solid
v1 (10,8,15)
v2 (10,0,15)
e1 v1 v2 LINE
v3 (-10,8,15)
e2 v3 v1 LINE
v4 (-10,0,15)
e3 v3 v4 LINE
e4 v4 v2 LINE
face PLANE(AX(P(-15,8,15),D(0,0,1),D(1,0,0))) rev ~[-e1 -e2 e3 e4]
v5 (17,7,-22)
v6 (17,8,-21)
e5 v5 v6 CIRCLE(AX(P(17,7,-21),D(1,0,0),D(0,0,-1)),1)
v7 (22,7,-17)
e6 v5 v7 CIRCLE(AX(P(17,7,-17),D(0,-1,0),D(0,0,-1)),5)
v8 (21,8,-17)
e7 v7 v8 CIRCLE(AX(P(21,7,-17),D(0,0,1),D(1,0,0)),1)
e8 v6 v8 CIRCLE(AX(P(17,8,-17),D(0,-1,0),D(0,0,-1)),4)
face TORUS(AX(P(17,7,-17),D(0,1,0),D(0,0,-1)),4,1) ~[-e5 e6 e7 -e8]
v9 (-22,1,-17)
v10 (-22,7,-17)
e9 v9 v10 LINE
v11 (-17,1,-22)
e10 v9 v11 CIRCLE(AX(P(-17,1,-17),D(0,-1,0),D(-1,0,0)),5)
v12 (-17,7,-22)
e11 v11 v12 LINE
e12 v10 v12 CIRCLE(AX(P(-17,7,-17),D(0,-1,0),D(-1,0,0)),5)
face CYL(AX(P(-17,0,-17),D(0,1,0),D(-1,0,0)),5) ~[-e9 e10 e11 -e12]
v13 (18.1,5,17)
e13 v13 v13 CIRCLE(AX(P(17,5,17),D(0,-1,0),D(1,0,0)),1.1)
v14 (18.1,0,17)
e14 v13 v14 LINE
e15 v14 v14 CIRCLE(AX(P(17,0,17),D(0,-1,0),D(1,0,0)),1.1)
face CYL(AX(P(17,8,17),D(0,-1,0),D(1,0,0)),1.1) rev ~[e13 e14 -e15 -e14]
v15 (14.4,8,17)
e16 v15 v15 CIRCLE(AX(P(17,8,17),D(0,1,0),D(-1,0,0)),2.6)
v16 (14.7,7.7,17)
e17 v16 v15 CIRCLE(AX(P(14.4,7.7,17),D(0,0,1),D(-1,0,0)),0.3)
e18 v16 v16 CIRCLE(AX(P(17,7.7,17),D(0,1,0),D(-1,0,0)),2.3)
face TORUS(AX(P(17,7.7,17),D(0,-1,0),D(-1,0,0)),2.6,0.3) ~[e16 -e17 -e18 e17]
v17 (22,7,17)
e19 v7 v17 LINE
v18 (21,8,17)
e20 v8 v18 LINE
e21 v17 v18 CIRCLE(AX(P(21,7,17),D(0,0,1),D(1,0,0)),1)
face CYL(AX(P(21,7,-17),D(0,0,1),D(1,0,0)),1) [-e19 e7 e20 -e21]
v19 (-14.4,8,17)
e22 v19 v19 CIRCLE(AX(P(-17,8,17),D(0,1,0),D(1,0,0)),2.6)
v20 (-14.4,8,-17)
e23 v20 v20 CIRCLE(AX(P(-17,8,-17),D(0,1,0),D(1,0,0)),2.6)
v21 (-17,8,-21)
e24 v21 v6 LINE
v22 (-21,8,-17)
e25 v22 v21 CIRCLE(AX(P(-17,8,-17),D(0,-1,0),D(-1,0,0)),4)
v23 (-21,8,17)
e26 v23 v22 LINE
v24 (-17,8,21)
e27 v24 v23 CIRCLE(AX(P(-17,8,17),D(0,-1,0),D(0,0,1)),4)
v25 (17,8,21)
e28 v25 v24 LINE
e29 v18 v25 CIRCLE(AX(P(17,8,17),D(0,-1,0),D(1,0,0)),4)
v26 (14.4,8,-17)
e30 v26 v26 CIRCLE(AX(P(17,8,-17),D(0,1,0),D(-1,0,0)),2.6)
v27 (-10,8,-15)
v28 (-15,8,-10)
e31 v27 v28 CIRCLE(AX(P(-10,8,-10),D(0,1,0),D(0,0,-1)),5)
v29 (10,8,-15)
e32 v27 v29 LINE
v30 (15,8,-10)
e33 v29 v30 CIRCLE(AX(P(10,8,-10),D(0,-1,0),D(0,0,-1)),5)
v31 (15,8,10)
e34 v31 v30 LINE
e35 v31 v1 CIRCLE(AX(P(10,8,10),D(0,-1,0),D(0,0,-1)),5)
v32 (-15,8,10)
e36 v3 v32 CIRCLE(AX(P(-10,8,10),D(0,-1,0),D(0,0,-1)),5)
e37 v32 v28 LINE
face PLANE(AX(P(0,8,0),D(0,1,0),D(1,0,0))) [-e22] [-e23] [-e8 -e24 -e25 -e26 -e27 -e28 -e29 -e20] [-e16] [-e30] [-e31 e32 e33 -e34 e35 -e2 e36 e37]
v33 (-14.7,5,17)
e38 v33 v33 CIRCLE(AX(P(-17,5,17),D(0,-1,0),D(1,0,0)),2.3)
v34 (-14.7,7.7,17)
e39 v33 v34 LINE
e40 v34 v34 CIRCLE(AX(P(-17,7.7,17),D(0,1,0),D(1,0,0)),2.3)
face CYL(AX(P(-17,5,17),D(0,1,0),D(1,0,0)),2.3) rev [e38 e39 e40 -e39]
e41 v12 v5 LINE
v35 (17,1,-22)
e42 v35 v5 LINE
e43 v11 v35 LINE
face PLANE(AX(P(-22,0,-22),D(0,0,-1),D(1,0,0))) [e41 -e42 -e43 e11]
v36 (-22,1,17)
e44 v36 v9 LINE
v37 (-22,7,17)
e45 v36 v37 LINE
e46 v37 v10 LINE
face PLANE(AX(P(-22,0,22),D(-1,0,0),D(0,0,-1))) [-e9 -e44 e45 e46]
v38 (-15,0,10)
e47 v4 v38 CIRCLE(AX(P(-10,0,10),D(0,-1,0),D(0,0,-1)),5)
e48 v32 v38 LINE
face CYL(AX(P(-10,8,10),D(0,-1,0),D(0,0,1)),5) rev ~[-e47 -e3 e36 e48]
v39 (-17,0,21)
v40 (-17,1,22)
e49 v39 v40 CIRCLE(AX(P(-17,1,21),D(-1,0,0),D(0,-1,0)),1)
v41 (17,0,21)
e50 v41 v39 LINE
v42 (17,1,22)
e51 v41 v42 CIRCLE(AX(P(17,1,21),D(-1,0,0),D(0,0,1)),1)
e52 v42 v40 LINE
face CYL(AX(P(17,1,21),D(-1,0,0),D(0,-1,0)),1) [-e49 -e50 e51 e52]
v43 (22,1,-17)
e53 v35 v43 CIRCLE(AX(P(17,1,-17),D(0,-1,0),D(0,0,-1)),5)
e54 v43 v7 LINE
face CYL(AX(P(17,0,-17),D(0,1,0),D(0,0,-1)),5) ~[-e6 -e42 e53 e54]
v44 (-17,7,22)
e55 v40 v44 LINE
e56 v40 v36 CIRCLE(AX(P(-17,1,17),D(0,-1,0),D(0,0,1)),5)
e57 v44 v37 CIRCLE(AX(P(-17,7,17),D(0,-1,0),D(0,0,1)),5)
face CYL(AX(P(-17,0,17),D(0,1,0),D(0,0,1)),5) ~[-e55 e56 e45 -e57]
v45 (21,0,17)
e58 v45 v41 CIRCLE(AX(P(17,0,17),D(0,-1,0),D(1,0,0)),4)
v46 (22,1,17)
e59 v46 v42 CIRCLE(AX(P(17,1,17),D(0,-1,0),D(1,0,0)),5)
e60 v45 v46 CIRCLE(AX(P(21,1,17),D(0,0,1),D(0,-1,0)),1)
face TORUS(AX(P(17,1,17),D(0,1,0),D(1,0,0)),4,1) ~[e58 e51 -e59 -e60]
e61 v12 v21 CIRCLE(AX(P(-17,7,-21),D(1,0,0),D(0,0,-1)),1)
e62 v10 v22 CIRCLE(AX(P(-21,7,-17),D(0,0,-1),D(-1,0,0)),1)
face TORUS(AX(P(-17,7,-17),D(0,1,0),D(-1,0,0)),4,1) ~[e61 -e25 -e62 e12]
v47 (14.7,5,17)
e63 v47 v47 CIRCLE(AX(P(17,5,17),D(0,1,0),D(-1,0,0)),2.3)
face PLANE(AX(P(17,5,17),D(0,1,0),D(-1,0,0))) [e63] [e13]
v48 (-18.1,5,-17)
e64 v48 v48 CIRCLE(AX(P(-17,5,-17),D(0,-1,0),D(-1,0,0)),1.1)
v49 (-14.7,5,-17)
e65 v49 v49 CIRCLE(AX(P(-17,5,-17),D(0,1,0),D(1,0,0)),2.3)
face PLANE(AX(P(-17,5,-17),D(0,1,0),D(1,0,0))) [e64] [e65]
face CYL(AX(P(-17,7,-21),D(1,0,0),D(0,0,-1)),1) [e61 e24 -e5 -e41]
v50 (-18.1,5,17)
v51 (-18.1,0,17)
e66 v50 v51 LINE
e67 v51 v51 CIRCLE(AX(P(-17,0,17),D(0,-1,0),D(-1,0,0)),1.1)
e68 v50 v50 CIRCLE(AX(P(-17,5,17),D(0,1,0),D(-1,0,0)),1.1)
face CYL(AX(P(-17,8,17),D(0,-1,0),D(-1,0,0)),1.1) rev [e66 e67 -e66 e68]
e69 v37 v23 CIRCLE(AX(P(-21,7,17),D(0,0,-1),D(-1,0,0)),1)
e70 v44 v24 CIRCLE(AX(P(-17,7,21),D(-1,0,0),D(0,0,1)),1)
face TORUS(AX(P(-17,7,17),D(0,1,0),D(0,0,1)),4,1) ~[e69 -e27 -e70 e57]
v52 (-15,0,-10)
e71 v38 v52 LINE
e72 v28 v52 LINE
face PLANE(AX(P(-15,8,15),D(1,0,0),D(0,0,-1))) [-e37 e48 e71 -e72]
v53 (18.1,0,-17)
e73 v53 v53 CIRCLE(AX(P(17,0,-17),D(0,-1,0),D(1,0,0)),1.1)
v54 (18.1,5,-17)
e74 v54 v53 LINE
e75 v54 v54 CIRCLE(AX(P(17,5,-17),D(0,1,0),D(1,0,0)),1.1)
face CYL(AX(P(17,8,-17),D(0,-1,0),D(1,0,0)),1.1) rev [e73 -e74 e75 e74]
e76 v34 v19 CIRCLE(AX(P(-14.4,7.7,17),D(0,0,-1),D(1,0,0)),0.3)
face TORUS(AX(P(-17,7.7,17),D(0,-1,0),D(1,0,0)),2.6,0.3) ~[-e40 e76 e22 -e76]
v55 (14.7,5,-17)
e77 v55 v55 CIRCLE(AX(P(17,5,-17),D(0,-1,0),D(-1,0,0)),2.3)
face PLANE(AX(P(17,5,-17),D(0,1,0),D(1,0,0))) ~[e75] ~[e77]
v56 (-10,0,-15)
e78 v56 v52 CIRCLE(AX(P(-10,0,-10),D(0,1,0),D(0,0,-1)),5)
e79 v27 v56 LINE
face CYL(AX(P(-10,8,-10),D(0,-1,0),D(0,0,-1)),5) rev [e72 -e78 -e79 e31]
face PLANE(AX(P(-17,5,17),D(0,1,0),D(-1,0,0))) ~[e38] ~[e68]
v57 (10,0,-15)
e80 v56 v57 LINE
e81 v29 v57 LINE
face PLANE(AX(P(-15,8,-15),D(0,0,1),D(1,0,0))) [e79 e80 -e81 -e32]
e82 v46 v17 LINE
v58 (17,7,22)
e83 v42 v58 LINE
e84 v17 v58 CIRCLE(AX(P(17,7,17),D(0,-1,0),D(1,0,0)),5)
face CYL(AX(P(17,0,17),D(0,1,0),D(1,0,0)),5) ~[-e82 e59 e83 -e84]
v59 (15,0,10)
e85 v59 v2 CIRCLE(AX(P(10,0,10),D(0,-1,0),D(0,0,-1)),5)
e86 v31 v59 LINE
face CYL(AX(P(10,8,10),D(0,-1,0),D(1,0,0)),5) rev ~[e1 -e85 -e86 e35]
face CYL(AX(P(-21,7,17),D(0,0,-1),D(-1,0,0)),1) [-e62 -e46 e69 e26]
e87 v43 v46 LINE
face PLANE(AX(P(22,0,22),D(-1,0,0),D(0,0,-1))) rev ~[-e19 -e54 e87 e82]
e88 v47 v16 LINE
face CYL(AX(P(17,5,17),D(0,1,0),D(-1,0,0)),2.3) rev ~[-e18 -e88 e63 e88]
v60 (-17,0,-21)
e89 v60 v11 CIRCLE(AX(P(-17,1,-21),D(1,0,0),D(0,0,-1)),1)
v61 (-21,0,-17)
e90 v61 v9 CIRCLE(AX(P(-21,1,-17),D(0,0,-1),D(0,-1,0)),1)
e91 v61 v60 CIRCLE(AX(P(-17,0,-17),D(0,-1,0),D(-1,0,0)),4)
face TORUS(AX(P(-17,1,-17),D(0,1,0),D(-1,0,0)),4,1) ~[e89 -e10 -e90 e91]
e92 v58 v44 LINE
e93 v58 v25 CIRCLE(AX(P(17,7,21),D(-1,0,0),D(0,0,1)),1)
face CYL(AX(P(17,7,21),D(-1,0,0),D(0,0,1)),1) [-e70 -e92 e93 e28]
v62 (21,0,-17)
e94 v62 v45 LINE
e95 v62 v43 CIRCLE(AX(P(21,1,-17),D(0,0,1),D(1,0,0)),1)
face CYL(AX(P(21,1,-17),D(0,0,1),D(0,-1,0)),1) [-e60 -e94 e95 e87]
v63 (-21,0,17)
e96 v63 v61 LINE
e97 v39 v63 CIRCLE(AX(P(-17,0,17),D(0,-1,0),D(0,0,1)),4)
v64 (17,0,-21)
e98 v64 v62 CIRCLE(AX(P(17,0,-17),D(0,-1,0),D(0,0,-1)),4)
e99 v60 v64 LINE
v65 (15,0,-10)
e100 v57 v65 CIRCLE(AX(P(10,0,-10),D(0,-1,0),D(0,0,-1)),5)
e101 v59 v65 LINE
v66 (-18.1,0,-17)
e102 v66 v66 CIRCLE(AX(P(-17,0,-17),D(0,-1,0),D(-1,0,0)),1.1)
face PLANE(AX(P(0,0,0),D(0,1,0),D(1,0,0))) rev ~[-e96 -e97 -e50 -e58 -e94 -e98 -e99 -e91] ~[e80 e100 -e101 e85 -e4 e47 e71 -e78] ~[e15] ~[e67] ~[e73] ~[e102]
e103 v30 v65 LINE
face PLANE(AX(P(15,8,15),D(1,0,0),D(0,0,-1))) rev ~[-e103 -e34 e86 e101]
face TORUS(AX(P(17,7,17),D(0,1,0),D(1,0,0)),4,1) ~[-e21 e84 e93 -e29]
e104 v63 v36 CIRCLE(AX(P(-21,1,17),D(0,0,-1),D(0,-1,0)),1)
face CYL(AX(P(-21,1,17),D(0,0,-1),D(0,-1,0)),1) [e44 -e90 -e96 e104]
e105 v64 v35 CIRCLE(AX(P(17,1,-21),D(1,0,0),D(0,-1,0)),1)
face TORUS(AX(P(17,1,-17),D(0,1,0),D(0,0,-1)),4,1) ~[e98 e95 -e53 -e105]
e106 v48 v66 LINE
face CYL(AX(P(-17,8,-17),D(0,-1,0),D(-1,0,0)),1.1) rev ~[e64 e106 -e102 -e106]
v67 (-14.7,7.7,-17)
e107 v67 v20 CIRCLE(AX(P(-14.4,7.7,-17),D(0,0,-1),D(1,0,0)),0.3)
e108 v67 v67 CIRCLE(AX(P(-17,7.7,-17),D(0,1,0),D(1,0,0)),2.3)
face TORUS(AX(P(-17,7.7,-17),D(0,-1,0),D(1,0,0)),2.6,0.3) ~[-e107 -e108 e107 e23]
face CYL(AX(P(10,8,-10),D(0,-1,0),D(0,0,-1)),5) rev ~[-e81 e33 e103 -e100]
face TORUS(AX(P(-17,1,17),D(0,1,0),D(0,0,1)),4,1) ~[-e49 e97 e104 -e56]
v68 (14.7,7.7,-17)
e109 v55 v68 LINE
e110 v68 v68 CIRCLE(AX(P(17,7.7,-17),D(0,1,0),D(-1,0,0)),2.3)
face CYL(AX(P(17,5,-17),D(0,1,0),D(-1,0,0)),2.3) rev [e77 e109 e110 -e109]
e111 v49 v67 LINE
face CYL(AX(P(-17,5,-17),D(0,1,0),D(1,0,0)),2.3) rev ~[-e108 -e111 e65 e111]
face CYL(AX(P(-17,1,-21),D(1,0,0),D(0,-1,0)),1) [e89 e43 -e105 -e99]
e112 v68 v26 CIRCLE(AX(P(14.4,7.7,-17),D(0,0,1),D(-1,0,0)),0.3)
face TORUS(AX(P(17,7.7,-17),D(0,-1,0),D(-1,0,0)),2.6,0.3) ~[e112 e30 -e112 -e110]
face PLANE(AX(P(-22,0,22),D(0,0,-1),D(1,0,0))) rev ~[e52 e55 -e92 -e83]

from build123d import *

# Parameters (mm, degrees)
SKETCH_1_W                                       = 44
SKETCH_1_H                                       = 44
EXTRUDE_1_DEPTH                                  = 8
CBORE_FOR_M2_HEX_HEAD_MACHINE_SCREW1_D           = 2.2
CBORE_FOR_M2_HEX_HEAD_MACHINE_SCREW1_CBORE_D     = 4.6
CBORE_FOR_M2_HEX_HEAD_MACHINE_SCREW1_CBORE_DEPTH = 3
MIRROR_1_AT_THE_SECOND_PLANE_COPY_1_D            = 2.2
MIRROR_1_AT_THE_SECOND_PLANE_COPY_1_CBORE_D      = 4.6
MIRROR_1_AT_THE_SECOND_PLANE_COPY_1_CBORE_DEPTH  = 3
FILLET_2_R                                       = 5
FILLET_3_R                                       = 5
FILLET_4_R                                       = 5
FILLET_5_R                                       = 5
FILLET_6_R                                       = 1
FILLET_7_R                                       = 0.3
SKETCH_7_W                                       = 30
SKETCH_7_H                                       = 30
CUT_EXTRUDE_2_DEPTH                              = 33.124756808
FILLET_8_R                                       = 5
FILLET_9_R                                       = 5
FILLET_10_R                                      = 5
FILLET_11_R                                      = 5


with BuildPart() as part:
    # 草图1 → 凸台-拉伸1 (new body)
    with BuildSketch(Plane(origin=(0, 0, 0), x_dir=(1, 0, 0), z_dir=(0, 1, 0))):
        Rectangle(SKETCH_1_W, SKETCH_1_H)
    extrude(amount=EXTRUDE_1_DEPTH)

    # CBORE for M2 Hex Head Machine Screw1 (through all)
    with Locations(Plane(origin=(0, 8, 0), x_dir=(1, 0, 0), z_dir=(0, 1, 0))):
        with Locations((-17, 17)):
            cbore_for_m2_hex_head_machine_screw1 = CounterBoreHole(CBORE_FOR_M2_HEX_HEAD_MACHINE_SCREW1_D / 2, CBORE_FOR_M2_HEX_HEAD_MACHINE_SCREW1_CBORE_D / 2, CBORE_FOR_M2_HEX_HEAD_MACHINE_SCREW1_CBORE_DEPTH)

    # 镜向1: CBORE for M2 Hex Head Machine Screw1 across plane
    add(cbore_for_m2_hex_head_machine_screw1.mirror(Plane.XY), mode=Mode.SUBTRACT)

    # 镜向1 at the second plane: CBORE for M2 Hex Head Machine Screw1 across plane
    add(cbore_for_m2_hex_head_machine_screw1.mirror(Plane(origin=(0, 0, 0), x_dir=(0, 0, 1), z_dir=(1, 0, 0))), mode=Mode.SUBTRACT)

    # 镜向1 at the second plane copy 1 (through all)
    with Locations(Plane(origin=(0, 8, 0), x_dir=(-1, 0, 0), z_dir=(0, 1, 0))):
        with Locations((-17, 17)):
            CounterBoreHole(MIRROR_1_AT_THE_SECOND_PLANE_COPY_1_D / 2, MIRROR_1_AT_THE_SECOND_PLANE_COPY_1_CBORE_D / 2, MIRROR_1_AT_THE_SECOND_PLANE_COPY_1_CBORE_DEPTH)

    # 圆角2
    fillet_2_edges = [part.edges().sort_by_distance(p)[0] for p in [
        (-22, 4, -22),
    ]]
    fillet(fillet_2_edges, radius=FILLET_2_R)

    # 圆角3
    fillet_3_edges = [part.edges().sort_by_distance(p)[0] for p in [
        (22, 4, -22),
    ]]
    fillet(fillet_3_edges, radius=FILLET_3_R)

    # 圆角4
    fillet_4_edges = [part.edges().sort_by_distance(p)[0] for p in [
        (22, 4, 22),
    ]]
    fillet(fillet_4_edges, radius=FILLET_4_R)

    # 圆角5
    fillet_5_edges = [part.edges().sort_by_distance(p)[0] for p in [
        (-22, 4, 22),
    ]]
    fillet(fillet_5_edges, radius=FILLET_5_R)

    # 圆角6
    fillet_6_edges = [part.edges().sort_by_distance(p)[0] for p in [
        (-22, 0, 0),
        (-22, 8, 0),
        (-20.535533906, 8, -20.535533906),
        (-20.535533906, 0, -20.535533906),
        (0, 0, -22),
        (0, 8, -22),
        (20.535533906, 0, -20.535533906),
        (20.535533906, 8, -20.535533906),
        (22, 0, 0),
        (22, 8, 0),
        (20.535533906, 8, 20.535533906),
        (20.535533906, 0, 20.535533906),
        (0, 0, 22),
        (0, 8, 22),
        (-20.535533906, 8, 20.535533906),
        (-20.535533906, 0, 20.535533906),
    ]]
    fillet(fillet_6_edges, radius=FILLET_6_R)

    # 圆角7
    fillet_7_edges = [part.edges().sort_by_distance(p)[0] for p in [
        (-19.3, 8, -17),
        (19.3, 8, -17),
        (-19.3, 8, 17),
        (19.3, 8, 17),
    ]]
    fillet(fillet_7_edges, radius=FILLET_7_R)

    # 草图7 → 切除-拉伸2 (cut, through all)
    with BuildSketch(Plane(origin=(0, 8, 0), x_dir=(1, 0, 0), z_dir=(0, 1, 0))):
        Rectangle(SKETCH_7_W, SKETCH_7_H)
    extrude(amount=-CUT_EXTRUDE_2_DEPTH, mode=Mode.SUBTRACT)

    # 圆角8
    fillet_8_edges = [part.edges().sort_by_distance(p)[0] for p in [
        (-15, 4, -15),
    ]]
    fillet(fillet_8_edges, radius=FILLET_8_R)

    # 圆角9
    fillet_9_edges = [part.edges().sort_by_distance(p)[0] for p in [
        (15, 4, -15),
    ]]
    fillet(fillet_9_edges, radius=FILLET_9_R)

    # 圆角10
    fillet_10_edges = [part.edges().sort_by_distance(p)[0] for p in [
        (15, 4, 15),
    ]]
    fillet(fillet_10_edges, radius=FILLET_10_R)

    # 圆角11
    fillet_11_edges = [part.edges().sort_by_distance(p)[0] for p in [
        (-15, 4, 15),
    ]]
    fillet(fillet_11_edges, radius=FILLET_11_R)


solid = part.part
